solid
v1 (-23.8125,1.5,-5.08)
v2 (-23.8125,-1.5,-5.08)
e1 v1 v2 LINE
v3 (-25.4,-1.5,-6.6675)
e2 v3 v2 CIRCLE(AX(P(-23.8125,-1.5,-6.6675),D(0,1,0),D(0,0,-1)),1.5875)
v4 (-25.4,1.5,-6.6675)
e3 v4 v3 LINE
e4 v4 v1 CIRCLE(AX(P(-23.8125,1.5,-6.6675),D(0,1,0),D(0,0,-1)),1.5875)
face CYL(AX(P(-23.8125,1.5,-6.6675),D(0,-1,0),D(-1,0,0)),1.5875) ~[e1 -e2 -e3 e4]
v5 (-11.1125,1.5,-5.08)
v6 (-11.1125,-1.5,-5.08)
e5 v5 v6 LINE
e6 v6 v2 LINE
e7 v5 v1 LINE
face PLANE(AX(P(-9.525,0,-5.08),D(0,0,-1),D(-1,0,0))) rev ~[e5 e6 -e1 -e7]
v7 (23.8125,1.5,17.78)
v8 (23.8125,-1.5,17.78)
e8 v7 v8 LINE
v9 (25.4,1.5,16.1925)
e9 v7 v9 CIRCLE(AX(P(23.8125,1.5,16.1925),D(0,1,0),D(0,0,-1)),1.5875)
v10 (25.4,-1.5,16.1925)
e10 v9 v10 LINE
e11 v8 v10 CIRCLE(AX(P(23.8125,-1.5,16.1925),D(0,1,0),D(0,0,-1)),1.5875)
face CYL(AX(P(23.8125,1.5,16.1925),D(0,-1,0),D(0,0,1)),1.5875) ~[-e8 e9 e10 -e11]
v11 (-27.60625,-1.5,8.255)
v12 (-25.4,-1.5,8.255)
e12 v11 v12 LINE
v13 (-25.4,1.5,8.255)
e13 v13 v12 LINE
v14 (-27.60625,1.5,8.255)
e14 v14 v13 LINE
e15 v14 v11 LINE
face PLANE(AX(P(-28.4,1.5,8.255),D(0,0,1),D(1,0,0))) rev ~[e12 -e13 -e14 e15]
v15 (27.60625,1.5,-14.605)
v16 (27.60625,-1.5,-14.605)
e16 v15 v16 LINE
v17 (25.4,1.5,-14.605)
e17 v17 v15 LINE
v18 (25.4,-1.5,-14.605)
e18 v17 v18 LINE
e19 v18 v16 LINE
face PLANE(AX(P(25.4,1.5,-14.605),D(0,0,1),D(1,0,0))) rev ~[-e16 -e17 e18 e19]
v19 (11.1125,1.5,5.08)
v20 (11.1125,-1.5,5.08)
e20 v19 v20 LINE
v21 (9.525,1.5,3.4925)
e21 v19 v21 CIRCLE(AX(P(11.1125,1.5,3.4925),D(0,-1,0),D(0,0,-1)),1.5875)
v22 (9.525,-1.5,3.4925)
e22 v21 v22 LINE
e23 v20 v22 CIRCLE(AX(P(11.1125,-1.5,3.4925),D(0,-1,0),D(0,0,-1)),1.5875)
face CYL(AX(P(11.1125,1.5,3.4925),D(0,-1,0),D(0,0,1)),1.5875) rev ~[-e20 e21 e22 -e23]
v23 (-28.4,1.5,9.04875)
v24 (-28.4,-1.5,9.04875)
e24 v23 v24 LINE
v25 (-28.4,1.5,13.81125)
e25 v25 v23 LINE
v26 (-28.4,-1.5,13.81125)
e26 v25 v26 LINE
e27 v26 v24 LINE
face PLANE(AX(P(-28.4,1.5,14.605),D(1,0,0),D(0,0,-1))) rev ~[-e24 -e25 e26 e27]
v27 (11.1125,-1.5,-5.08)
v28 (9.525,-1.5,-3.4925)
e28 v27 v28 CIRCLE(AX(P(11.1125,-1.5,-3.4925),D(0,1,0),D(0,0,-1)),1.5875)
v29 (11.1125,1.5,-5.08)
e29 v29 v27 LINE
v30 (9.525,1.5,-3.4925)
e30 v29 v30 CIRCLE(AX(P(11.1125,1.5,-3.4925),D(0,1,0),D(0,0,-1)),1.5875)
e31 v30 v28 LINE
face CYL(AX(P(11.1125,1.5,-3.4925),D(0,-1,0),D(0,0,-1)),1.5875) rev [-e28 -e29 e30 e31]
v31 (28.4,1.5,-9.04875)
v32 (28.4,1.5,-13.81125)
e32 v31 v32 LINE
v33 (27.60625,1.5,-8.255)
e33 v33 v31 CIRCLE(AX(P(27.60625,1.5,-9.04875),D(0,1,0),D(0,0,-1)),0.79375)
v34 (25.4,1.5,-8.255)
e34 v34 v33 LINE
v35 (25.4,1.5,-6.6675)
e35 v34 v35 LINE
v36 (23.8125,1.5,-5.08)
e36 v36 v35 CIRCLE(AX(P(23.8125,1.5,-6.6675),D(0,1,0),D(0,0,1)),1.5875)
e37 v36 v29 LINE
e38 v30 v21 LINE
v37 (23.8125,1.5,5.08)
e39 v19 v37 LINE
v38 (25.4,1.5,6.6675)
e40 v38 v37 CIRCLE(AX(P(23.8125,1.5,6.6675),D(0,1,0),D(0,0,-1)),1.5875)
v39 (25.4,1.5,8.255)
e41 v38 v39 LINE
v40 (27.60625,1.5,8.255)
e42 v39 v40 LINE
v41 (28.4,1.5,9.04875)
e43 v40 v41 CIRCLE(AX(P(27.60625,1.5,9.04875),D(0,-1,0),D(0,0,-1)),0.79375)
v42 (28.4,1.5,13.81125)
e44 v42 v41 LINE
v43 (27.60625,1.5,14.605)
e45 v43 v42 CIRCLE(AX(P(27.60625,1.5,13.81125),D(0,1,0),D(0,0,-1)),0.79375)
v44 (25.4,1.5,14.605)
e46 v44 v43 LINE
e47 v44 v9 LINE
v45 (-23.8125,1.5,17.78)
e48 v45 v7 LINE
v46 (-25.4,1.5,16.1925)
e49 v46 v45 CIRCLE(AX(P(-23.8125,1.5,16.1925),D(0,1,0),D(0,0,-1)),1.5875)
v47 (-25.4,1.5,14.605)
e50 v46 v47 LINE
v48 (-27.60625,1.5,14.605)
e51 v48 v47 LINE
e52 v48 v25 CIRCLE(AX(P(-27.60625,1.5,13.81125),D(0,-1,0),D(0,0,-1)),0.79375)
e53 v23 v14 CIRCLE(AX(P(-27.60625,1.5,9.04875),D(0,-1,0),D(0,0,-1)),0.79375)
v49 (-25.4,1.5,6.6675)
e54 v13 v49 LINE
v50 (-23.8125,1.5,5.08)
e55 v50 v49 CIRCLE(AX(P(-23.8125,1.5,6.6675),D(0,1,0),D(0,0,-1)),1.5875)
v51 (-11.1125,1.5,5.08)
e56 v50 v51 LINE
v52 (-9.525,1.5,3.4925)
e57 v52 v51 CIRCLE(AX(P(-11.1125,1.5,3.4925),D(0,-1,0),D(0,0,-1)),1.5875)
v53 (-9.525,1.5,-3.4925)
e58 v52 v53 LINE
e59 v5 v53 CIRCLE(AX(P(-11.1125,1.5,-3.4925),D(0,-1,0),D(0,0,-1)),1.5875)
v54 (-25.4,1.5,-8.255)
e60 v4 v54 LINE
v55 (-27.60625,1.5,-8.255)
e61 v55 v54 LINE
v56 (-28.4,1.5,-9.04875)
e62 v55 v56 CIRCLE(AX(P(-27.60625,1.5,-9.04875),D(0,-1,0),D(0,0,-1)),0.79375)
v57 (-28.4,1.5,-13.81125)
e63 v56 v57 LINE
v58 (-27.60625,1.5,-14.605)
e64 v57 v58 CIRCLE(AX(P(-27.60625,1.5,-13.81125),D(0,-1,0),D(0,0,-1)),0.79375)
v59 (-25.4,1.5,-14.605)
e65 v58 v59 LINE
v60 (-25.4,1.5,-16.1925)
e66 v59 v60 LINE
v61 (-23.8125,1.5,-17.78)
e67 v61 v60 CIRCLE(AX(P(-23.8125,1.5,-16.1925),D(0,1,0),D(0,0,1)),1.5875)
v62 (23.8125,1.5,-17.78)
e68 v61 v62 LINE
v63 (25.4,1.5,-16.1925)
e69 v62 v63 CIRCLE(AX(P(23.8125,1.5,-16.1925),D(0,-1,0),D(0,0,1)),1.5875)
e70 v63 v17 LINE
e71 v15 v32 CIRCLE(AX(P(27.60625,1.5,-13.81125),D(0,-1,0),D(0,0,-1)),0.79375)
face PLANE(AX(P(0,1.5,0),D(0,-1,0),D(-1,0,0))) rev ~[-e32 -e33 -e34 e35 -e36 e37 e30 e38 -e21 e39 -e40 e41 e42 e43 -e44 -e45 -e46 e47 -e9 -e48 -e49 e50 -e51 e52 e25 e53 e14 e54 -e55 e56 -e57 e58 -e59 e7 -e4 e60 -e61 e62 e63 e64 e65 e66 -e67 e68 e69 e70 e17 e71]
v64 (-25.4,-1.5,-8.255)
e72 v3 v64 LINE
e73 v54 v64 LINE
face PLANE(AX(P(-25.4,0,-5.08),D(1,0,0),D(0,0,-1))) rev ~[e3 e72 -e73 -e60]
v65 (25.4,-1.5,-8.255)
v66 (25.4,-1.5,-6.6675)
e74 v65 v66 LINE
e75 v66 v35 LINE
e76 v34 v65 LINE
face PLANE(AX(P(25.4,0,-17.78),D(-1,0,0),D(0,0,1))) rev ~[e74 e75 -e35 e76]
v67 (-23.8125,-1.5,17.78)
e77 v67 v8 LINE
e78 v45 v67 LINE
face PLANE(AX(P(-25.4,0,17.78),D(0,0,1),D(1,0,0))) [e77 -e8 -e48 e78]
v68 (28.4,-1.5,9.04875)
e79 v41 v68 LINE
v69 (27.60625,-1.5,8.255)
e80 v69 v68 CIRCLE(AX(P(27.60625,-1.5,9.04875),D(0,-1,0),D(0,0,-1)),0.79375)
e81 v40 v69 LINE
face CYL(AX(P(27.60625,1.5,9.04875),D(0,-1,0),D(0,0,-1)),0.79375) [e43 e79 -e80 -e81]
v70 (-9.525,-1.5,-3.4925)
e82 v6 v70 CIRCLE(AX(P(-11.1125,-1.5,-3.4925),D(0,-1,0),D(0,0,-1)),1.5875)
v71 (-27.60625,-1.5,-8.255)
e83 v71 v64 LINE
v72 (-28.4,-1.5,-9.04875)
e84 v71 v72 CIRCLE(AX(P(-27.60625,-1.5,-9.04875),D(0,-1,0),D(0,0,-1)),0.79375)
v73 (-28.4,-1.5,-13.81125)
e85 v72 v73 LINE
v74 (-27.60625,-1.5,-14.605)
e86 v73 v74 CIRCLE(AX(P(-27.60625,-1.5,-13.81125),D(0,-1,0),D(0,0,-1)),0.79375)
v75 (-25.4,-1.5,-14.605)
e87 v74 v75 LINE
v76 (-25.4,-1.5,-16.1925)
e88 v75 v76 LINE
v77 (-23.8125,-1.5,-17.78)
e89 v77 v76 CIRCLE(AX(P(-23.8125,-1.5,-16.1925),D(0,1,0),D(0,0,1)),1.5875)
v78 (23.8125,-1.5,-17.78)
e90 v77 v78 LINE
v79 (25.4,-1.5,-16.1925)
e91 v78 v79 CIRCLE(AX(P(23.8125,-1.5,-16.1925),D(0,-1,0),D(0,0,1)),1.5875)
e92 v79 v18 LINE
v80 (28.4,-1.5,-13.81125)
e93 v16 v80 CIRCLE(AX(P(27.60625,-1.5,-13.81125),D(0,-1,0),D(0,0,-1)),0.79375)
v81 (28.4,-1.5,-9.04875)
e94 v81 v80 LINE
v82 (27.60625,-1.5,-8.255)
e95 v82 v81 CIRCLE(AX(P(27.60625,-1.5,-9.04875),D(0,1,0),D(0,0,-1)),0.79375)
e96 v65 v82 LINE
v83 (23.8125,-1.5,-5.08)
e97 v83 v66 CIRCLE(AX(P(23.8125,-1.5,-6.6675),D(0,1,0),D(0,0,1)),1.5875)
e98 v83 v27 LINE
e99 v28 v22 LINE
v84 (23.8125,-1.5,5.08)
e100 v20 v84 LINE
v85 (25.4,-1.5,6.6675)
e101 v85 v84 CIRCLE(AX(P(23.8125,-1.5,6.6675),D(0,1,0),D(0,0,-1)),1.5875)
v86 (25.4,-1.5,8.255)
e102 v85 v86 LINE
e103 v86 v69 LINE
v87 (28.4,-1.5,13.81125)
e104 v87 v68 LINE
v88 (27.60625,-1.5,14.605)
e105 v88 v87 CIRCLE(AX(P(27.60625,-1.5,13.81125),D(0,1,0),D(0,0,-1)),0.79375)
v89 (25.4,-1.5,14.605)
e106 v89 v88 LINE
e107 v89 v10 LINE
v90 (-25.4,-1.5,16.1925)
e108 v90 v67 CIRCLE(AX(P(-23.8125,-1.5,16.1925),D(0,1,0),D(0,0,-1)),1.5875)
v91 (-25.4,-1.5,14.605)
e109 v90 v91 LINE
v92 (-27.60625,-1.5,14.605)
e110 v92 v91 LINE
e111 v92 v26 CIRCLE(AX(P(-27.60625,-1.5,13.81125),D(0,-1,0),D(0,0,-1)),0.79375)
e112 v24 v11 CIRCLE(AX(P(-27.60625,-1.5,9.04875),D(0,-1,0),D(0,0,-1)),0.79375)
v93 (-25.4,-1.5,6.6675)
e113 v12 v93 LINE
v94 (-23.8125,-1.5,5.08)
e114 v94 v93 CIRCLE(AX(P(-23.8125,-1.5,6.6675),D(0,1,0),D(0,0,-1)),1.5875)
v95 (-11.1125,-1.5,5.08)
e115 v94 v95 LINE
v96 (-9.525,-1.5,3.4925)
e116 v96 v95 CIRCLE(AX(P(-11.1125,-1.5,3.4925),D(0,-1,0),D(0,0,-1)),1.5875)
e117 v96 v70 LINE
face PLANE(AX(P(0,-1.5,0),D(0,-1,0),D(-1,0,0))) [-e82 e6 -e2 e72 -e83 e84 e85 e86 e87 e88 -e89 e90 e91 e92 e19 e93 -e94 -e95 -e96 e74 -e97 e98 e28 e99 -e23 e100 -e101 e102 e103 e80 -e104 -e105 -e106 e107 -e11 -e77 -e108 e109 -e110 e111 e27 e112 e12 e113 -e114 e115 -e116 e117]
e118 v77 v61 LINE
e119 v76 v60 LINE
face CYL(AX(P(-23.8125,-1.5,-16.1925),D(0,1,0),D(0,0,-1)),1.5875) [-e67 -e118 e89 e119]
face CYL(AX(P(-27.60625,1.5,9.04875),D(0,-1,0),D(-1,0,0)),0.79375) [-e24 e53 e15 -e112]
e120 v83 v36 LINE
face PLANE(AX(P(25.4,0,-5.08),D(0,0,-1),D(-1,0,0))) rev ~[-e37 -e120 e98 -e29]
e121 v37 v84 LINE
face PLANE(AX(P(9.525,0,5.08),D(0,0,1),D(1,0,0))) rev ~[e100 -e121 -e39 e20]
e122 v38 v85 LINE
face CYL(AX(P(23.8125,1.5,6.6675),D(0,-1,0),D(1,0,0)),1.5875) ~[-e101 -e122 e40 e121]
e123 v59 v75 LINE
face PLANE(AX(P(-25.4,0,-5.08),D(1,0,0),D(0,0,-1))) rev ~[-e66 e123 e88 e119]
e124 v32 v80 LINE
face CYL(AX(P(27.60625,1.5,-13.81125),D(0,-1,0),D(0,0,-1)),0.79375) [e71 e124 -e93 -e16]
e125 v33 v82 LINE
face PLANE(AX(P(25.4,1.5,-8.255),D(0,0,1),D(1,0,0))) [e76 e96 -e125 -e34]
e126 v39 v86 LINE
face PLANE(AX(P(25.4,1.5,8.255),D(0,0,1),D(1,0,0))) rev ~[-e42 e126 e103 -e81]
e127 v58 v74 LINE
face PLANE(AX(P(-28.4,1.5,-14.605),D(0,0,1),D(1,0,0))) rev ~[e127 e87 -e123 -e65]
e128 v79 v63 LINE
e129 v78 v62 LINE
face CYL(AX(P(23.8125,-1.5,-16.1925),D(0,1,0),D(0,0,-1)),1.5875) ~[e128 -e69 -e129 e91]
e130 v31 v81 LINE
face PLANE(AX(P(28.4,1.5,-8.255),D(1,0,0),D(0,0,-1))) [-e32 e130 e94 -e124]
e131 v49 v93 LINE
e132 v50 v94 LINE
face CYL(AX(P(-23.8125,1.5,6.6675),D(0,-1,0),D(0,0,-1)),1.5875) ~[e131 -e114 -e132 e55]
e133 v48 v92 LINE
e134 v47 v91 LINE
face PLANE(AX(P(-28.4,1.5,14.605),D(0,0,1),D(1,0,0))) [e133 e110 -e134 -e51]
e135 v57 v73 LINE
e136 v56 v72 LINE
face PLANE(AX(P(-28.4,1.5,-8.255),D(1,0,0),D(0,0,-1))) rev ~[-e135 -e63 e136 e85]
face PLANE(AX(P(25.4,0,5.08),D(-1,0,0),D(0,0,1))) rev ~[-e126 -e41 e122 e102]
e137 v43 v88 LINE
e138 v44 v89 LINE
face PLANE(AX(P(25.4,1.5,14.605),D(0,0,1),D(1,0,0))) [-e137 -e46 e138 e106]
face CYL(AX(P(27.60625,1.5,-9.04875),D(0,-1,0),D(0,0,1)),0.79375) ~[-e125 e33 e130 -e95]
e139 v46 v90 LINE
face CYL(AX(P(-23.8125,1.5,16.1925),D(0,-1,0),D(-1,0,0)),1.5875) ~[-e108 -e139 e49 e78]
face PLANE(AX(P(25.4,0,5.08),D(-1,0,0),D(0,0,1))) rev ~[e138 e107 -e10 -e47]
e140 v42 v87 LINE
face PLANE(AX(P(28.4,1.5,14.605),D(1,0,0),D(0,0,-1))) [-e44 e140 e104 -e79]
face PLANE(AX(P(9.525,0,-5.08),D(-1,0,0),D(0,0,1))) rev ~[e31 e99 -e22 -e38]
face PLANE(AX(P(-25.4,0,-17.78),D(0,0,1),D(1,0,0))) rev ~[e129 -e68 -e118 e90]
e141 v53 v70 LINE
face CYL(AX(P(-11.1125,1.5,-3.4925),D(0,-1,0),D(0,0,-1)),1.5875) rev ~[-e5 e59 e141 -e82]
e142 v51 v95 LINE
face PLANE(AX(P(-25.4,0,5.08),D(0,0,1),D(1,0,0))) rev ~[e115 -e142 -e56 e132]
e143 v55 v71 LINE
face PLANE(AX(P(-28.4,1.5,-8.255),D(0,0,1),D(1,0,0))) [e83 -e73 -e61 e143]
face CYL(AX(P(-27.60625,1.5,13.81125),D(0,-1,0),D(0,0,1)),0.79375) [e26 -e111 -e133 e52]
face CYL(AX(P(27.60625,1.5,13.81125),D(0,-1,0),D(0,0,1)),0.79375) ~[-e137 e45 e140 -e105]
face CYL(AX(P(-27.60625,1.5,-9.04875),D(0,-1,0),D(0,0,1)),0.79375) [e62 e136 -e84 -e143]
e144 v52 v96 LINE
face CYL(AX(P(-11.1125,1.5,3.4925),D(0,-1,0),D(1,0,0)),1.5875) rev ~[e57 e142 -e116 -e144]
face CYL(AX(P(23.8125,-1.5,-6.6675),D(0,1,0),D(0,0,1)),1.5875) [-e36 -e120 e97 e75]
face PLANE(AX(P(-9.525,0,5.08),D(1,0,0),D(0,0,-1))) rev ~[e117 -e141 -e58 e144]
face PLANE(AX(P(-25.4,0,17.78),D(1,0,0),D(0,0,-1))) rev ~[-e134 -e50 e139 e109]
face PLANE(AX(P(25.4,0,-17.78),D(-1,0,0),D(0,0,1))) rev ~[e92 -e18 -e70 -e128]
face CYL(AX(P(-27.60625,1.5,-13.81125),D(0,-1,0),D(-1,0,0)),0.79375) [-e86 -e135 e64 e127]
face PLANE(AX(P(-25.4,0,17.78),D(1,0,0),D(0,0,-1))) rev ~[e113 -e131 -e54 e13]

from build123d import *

# Parameters (mm, degrees)
BOSS_EXTRUDE1_DEPTH = 1.5
FILLET1_R           = 1.5875
SKETCH2_W           = 3
SKETCH2_H           = 6.35
BOSS_EXTRUDE2_DEPTH = 3
FILLET2_R           = 0.79375


with BuildPart() as part:
    # Sketch1 → Boss-Extrude1 (new, symmetric)
    with BuildSketch(Plane(origin=(0, 0, 0), x_dir=(1, 0, 0), z_dir=(0, 1, 0))):
        Polygon((25.4, 5.08), (9.525, 5.08), (9.525, -5.08), (25.4, -5.08), (25.4, -17.78), (6.592009247, -17.78), (0, -17.78), (-12.457990753, -17.78), (-25.4, -17.78), (-25.4, -5.08), (-9.525, -5.08), (-9.525, 5.08), (-25.4, 5.08), (-25.4, 17.78), (25.4, 17.78), align=None)
    extrude(amount=BOSS_EXTRUDE1_DEPTH, both=True)

    # Fillet1
    fillet1_edges = [part.edges().sort_by_distance(p)[0] for p in [
        (25.4, 0, -17.78),
        (25.4, 0, -5.08),
        (9.525, 0, -5.08),
        (9.525, 0, 5.08),
        (25.4, 0, 5.08),
        (25.4, 0, 17.78),
        (-25.4, 0, 17.78),
        (-25.4, 0, 5.08),
        (-9.525, 0, 5.08),
        (-9.525, 0, -5.08),
        (-25.4, 0, -5.08),
        (-25.4, 0, -17.78),
    ]]
    fillet(fillet1_edges, radius=FILLET1_R)

    # Sketch2 → Boss-Extrude2 (add)
    with BuildSketch(Plane(origin=(0, 1.5, 0), x_dir=(1, 0, 0), z_dir=(0, 1, 0))):
        with Locations((-26.9, 11.43)):
            Rectangle(SKETCH2_W, SKETCH2_H)
        with Locations((26.9, 11.43)):
            Rectangle(SKETCH2_W, SKETCH2_H)
        with Locations((26.9, -11.43)):
            Rectangle(SKETCH2_W, SKETCH2_H)
        with Locations((-26.9, -11.43)):
            Rectangle(SKETCH2_W, SKETCH2_H)
    extrude(amount=-BOSS_EXTRUDE2_DEPTH)

    # Fillet2
    fillet2_edges = [part.edges().sort_by_distance(p)[0] for p in [
        (-28.4, 0, 14.605),
        (-28.4, 0, 8.255),
        (28.4, 0, 8.255),
        (28.4, 0, 14.605),
        (28.4, 0, -14.605),
        (28.4, 0, -8.255),
        (-28.4, 0, -8.255),
        (-28.4, 0, -14.605),
    ]]
    fillet(fillet2_edges, radius=FILLET2_R)


solid = part.part
